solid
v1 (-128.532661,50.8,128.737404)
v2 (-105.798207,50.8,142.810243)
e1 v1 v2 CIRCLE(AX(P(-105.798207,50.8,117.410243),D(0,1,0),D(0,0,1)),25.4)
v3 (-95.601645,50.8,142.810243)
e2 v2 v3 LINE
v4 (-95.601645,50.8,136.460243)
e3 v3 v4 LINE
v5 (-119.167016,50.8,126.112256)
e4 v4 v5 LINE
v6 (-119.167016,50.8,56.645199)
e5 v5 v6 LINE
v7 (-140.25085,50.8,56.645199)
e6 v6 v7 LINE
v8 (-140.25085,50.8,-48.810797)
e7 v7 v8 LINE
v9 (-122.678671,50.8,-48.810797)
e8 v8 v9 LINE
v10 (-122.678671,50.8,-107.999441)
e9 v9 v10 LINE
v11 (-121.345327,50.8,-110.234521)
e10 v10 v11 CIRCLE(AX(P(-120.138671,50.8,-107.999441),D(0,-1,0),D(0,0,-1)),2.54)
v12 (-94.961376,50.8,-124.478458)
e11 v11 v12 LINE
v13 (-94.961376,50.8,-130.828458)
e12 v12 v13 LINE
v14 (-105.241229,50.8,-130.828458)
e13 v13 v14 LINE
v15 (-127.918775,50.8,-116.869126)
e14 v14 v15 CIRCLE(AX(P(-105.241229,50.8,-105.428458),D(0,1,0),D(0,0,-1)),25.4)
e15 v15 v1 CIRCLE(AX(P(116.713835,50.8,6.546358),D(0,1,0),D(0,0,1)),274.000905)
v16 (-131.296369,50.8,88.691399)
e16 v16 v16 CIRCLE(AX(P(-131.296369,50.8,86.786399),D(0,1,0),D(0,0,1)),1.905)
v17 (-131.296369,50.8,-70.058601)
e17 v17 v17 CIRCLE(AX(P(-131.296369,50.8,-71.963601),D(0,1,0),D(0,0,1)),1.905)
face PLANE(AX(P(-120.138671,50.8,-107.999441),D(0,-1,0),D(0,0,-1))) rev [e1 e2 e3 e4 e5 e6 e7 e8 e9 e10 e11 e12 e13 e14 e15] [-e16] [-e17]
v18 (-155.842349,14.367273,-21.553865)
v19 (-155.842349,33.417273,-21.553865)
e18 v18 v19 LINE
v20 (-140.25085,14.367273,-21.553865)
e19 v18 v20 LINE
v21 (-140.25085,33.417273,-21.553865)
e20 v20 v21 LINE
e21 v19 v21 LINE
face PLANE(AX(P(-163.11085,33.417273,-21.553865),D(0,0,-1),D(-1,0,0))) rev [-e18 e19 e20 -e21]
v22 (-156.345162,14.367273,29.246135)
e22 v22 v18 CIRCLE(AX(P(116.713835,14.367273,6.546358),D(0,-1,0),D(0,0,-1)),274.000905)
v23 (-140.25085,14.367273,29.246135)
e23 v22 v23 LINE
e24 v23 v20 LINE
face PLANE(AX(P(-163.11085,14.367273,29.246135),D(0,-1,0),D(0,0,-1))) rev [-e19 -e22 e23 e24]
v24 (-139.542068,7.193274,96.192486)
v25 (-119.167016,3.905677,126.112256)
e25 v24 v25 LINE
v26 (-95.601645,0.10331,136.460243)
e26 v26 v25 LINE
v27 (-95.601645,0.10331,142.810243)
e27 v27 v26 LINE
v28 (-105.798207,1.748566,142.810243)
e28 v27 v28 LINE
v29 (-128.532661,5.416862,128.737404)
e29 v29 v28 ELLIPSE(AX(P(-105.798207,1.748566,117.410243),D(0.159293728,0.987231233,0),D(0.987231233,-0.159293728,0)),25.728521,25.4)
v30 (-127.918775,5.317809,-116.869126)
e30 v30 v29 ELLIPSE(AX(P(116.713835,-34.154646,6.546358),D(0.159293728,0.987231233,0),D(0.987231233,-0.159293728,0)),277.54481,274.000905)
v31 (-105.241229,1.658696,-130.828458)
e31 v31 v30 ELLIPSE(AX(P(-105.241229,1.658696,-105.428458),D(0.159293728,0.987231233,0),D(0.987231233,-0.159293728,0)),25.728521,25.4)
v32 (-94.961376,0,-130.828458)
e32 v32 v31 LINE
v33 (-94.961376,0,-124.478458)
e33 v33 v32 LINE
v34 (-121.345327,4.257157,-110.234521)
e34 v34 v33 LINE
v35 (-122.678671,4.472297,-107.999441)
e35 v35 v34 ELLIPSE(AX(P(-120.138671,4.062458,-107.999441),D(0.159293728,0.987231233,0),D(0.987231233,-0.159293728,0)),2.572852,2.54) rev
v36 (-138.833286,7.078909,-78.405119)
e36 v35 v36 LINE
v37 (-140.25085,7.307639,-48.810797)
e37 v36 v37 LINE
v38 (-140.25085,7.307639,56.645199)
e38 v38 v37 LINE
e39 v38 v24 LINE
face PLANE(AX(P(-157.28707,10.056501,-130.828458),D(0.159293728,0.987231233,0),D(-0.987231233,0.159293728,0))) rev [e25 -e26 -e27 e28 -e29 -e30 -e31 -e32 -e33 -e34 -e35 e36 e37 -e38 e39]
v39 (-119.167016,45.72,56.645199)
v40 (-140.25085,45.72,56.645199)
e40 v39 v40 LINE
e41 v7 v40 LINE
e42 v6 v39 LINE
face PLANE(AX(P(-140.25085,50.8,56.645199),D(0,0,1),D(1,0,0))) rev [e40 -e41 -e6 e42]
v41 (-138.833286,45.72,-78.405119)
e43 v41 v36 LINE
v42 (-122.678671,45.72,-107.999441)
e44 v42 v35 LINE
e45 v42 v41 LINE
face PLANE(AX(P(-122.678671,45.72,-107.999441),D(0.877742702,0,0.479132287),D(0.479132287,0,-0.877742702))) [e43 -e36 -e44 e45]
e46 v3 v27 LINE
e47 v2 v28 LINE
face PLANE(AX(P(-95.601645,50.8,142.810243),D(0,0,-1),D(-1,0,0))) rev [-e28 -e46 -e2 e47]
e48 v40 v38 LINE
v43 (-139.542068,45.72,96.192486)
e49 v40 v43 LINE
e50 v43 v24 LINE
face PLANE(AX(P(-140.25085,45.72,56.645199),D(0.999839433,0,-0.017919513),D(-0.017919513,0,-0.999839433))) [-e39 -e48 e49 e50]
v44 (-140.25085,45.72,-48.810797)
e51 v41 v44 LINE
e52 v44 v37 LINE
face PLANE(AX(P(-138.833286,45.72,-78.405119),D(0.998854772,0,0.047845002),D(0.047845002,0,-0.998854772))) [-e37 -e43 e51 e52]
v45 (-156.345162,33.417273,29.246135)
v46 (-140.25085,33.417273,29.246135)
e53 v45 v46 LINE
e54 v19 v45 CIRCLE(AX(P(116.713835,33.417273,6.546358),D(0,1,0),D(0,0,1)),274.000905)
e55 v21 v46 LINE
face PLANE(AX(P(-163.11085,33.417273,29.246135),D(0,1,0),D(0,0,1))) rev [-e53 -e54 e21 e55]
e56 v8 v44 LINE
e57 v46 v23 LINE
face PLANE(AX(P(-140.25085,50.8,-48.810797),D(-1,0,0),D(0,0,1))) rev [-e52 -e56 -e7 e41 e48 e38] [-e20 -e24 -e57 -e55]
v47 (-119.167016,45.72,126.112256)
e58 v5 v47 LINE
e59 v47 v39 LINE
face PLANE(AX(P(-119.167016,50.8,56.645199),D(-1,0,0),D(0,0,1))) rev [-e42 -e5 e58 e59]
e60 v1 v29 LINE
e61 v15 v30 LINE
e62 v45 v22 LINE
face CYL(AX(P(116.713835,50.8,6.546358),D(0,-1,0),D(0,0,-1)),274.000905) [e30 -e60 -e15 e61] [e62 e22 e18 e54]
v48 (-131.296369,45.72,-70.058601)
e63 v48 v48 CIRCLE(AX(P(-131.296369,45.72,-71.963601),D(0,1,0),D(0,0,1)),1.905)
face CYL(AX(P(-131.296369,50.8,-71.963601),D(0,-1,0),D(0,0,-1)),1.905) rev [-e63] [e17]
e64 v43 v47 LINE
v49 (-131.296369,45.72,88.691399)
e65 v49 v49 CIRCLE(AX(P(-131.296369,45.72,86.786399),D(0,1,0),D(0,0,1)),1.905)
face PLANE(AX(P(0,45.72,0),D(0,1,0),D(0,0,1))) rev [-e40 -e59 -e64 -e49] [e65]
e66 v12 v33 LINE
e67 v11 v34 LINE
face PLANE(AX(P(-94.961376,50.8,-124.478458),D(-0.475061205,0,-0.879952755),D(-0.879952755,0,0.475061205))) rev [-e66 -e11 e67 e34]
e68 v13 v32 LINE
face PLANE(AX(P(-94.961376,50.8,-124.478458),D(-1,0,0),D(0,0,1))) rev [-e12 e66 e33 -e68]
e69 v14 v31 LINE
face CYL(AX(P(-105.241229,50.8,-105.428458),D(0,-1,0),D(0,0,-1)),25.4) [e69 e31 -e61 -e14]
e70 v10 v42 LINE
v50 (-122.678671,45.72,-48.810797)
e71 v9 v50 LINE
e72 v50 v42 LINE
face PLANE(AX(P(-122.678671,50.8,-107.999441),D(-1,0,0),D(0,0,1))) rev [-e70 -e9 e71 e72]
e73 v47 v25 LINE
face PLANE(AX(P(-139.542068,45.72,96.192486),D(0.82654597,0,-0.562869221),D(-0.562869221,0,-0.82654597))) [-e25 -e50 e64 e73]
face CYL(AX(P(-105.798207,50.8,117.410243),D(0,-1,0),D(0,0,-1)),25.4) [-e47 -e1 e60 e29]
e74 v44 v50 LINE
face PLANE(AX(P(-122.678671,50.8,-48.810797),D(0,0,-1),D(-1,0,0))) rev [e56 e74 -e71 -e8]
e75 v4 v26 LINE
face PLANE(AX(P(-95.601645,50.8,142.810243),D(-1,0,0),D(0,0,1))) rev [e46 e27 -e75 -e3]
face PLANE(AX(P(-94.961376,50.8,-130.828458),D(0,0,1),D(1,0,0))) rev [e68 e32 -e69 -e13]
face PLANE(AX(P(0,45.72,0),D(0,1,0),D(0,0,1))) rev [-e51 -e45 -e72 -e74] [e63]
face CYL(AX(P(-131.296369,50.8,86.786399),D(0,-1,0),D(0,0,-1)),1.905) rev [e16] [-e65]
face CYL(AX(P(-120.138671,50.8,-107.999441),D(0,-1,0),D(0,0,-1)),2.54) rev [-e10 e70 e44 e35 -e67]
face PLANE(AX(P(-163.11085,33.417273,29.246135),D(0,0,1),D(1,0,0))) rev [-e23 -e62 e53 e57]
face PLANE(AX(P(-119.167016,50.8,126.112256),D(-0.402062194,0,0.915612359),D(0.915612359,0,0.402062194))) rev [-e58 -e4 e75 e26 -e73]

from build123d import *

# Parameters (mm, degrees)
FRONT_SKETCH_R      = 1.905
BOSS_EXTRUDE1_DEPTH = 50.8
CUT_EXTRUDE1_START  = -53.34
CUT_EXTRUDE1_DEPTH  = 48.26
CUT_EXTRUDE2_DEPTH  = 274.638700861
SKETCH3_R           = 3.175
CUT_EXTRUDE3_DEPTH  = 18.03621965
SKETCH4_W           = 50.8
SKETCH4_H           = 19.05
CUT_EXTRUDE4_DEPTH  = 22.86


with BuildPart() as part:
    # front_sketch → Boss-Extrude1 (new body)
    with BuildSketch(Plane(origin=(0, 0, 0), x_dir=(1, 0, 0), z_dir=(0, 1, 0))):
        with BuildLine():
            Line((-94.961375831, 124.478458264), (-121.345326632, 110.234521439))
            ThreePointArc((-121.345326632, 110.234521439), (-122.32001306, 109.300728329), (-122.678671172, 107.99944144))
            Line((-122.678671172, 107.99944144), (-122.678671172, 48.810796684))
            Line((-122.678671172, 48.810796684), (-140.250849959, 48.810796684))
            Line((-140.250849959, 48.810796684), (-140.250849959, -56.645199257))
            Line((-140.250849959, -56.645199257), (-119.167015715, -56.645199257))
            Line((-119.167015715, -56.645199257), (-119.167015715, -126.112255785))
            Line((-119.167015715, -126.112255785), (-95.601645083, -136.460242597))
            Line((-95.601645083, -136.460242597), (-95.601645083, -142.810242597))
            Line((-95.601645083, -142.810242597), (-105.798207048, -142.810242597))
            ThreePointArc((-105.798207048, -142.810242597), (-119.167015715, -139.007347839), (-128.532661201, -128.737404395))
            ThreePointArc((-128.532661201, -128.737404395), (-157.286213724, -5.861503432), (-127.918775374, 116.869125935))
            ThreePointArc((-127.918775374, 116.869125935), (-118.556014486, 127.058910858), (-105.241228699, 130.828458264))
            Line((-105.241228699, 130.828458264), (-94.961375831, 130.828458264))
            Line((-94.961375831, 130.828458264), (-94.961375831, 124.478458264))
        make_face()
        with Locations((-131.296368682, 71.963600743)):
            Circle(FRONT_SKETCH_R, mode=Mode.SUBTRACT)
        with Locations((-131.296368682, -86.786399257)):
            Circle(FRONT_SKETCH_R, mode=Mode.SUBTRACT)
    extrude(amount=BOSS_EXTRUDE1_DEPTH)

    # Sketch1 → Cut-Extrude1 (cut)
    with BuildSketch(Plane(origin=(0, 50.8, 0), x_dir=(1, 0, 0), z_dir=(0, 1, 0)).offset(CUT_EXTRUDE1_START)):
        Polygon((-122.678671172, 48.810796684), (-122.678671172, 107.99944144), (-138.833286115, 78.405119062), (-140.250849959, 48.810796684), align=None)
        Polygon((-119.167015715, -56.645199257), (-140.250849959, -56.645199257), (-139.542068037, -96.192486205), (-119.167015715, -126.112255785), align=None)
    extrude(amount=CUT_EXTRUDE1_DEPTH, mode=Mode.SUBTRACT)

    # Sketch2 → Cut-Extrude2 (cut, through all)
    with BuildSketch(Plane.XY.offset(142.810242597)):
        Polygon((-94.961375831, 0), (-157.287069608, 0), (-157.287069608, 10.05650125), align=None)
    extrude(amount=-CUT_EXTRUDE2_DEPTH, mode=Mode.SUBTRACT)

    # Sketch3 → Cut-Extrude3 (cut, through all)
    with BuildSketch(Plane(origin=(-140.250849959, 0, 0), x_dir=(0, 0, -1), z_dir=(1, 0, 0))):
        with Locations((-17.312177426, 23.984839343)):
            Circle(SKETCH3_R)
        with Locations((11.274067854, 23.984839343)):
            Circle(SKETCH3_R)
    extrude(amount=-CUT_EXTRUDE3_DEPTH, mode=Mode.SUBTRACT)

    # Sketch4 → Cut-Extrude4 (cut)
    with BuildSketch(Plane(origin=(-140.250849959, 0, 0), x_dir=(0, 0, -1), z_dir=(1, 0, 0))):
        with Locations((-3.8461352, 23.892272696)):
            Rectangle(SKETCH4_W, SKETCH4_H)
    extrude(amount=-CUT_EXTRUDE4_DEPTH, mode=Mode.SUBTRACT)


solid = part.part
